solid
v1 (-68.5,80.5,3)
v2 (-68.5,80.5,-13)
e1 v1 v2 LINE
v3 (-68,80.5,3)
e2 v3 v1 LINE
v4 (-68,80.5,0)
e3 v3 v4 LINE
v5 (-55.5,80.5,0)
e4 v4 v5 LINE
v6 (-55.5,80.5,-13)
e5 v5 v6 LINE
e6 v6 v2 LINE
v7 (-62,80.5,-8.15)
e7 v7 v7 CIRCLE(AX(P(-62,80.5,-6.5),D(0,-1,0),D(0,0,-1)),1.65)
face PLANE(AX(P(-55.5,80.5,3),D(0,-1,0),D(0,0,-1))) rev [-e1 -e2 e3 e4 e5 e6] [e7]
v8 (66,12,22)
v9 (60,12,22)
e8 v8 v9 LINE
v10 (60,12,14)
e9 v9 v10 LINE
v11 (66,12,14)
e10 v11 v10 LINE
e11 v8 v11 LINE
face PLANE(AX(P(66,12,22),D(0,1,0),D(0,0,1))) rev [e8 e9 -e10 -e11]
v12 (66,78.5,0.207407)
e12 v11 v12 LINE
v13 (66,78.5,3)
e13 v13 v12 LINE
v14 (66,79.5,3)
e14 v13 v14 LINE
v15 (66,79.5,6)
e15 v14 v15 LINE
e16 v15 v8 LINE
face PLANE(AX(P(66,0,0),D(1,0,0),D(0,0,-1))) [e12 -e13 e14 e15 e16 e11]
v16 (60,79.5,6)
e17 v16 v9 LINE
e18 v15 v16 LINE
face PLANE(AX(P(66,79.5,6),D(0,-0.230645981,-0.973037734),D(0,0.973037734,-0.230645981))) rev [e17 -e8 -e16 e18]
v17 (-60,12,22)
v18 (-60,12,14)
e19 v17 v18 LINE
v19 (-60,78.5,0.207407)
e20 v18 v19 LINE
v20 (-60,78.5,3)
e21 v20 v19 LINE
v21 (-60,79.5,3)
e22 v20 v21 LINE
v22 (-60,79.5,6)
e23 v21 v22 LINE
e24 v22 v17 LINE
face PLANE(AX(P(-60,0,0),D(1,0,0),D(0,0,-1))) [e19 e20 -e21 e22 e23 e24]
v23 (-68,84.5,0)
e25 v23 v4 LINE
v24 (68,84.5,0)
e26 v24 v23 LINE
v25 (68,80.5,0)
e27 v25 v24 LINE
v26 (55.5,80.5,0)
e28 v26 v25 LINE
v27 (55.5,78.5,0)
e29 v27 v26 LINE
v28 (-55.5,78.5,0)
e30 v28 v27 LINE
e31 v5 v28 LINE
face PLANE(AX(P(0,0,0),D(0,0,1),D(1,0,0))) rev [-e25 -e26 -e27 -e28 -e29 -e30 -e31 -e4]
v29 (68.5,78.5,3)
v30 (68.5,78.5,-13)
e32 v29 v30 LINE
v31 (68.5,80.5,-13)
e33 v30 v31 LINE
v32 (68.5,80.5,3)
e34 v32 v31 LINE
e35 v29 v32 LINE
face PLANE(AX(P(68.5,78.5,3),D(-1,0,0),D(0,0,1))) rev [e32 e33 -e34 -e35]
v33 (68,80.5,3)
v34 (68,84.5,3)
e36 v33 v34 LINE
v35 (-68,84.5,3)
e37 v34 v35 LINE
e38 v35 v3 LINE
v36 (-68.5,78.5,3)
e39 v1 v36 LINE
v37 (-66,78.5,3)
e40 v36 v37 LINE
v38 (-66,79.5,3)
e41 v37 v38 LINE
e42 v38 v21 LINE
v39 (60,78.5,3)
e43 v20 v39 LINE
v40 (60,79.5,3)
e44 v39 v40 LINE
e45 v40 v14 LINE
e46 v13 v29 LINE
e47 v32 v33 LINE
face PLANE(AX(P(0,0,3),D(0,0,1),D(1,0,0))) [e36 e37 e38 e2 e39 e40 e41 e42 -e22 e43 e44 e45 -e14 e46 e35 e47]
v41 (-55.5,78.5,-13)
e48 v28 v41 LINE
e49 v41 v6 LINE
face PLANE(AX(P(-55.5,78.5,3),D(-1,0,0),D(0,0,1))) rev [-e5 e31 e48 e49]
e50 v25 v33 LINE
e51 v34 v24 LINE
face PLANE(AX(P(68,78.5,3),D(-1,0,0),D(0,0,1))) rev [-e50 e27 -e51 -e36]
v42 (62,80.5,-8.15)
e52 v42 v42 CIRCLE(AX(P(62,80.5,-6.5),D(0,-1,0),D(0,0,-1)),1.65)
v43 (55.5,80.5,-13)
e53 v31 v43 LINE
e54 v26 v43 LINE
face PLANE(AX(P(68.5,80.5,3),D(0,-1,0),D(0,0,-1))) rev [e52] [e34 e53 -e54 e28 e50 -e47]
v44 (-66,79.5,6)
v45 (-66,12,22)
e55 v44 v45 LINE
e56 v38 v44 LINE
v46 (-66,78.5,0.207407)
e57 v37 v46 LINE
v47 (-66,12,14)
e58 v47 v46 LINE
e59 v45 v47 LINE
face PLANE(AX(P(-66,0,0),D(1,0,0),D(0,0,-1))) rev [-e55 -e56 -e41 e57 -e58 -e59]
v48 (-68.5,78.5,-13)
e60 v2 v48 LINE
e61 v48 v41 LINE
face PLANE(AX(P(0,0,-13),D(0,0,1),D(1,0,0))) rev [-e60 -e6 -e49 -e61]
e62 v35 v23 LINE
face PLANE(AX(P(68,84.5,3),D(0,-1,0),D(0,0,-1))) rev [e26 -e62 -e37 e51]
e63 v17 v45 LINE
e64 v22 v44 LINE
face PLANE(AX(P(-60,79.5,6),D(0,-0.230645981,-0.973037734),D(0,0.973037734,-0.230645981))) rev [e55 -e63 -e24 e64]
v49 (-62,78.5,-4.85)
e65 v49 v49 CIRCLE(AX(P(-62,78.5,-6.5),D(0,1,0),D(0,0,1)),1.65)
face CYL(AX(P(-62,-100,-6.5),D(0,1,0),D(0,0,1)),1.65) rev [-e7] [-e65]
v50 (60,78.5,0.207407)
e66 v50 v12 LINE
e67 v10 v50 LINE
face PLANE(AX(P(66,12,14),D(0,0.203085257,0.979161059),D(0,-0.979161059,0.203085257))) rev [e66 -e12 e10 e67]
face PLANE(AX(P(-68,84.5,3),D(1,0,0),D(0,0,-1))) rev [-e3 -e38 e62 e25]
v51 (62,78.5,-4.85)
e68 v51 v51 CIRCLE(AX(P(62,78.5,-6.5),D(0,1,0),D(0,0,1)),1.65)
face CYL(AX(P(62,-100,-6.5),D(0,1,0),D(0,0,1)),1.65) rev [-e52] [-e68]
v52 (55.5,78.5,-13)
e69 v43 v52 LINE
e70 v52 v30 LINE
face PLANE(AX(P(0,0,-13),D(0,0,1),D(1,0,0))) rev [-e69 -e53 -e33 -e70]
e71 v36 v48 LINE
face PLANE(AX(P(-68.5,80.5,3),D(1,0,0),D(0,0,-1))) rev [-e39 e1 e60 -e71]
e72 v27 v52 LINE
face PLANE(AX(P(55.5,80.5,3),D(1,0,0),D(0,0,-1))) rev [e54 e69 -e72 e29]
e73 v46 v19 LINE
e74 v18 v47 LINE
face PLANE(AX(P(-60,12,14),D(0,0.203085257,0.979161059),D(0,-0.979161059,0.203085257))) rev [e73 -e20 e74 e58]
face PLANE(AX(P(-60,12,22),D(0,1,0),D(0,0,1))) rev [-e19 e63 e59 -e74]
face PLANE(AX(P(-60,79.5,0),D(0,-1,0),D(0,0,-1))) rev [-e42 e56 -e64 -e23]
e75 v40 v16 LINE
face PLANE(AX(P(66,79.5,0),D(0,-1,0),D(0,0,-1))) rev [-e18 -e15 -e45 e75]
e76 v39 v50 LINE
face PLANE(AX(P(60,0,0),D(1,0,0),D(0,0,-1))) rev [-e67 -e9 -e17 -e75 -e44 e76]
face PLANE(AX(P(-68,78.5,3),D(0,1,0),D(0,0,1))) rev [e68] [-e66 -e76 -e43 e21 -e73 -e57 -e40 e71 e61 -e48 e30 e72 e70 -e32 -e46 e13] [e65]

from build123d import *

# Parameters (mm, degrees)
SKETCH_1_W                    = 136
SKETCH_1_H                    = 6
F_3MM_DEPTH                   = 3
EXTRUDE_START                 = -13
SKETCH_2_W                    = 13
SKETCH_2_H                    = 2
EXTRUDE_1_DEPTH               = 16
CUT_EXTRUDE_M3_1_DEPTH        = 100
CUT_EXTRUDE_M3_1_DEPTH_BACK   = 100
SKETCH_3_R                    = 1.65
SKETCH_4_W                    = 13
SKETCH_4_H                    = 2
EXTRUDE_1_2_DEPTH             = 16
CUT_EXTRUDE_M3_1_2_DEPTH      = 100
CUT_EXTRUDE_M3_1_2_DEPTH_BACK = 100
SKETCH_5_R                    = 1.65
F_6MM_1_START                 = -66
F_6MM_1_DEPTH                 = 6
F_6MM_1_START_2               = 60
F_6MM_1_2_DEPTH               = 6


with BuildPart() as part:
    # Sketch 1 → 3mm (new body)
    with BuildSketch(Plane.XY):
        with Locations((0, 81.5)):
            Rectangle(SKETCH_1_W, SKETCH_1_H)
    extrude(amount=F_3MM_DEPTH)

    # Sketch 2 → Extrude 1 (add)
    with BuildSketch(Plane.XY.offset(EXTRUDE_START)):
        with Locations((-62, 79.5)):
            Rectangle(SKETCH_2_W, SKETCH_2_H)
    extrude(amount=EXTRUDE_1_DEPTH)

    # Sketch 3 → Cut-Extrude M3_-1 (cut, two sides: drawn at the far end of the back side and taken through both)
    with BuildSketch(Plane(origin=(0, 0, 0), x_dir=(1, 0, 0), z_dir=(0, 1, 0)).offset(-CUT_EXTRUDE_M3_1_DEPTH_BACK)):
        with Locations(Location((-62, 6.5, 0), (0, 0, 270))):
            Circle(SKETCH_3_R)
    extrude(amount=CUT_EXTRUDE_M3_1_DEPTH + CUT_EXTRUDE_M3_1_DEPTH_BACK, mode=Mode.SUBTRACT)

    # Sketch 4 → Extrude 1 2 (add)
    with BuildSketch(Plane.XY.offset(EXTRUDE_START)):
        with Locations((62, 79.5)):
            Rectangle(SKETCH_4_W, SKETCH_4_H)
    extrude(amount=EXTRUDE_1_2_DEPTH)

    # Sketch 5 → Cut-Extrude M3_1 2 (cut, two sides: drawn at the far end of the back side and taken through both)
    with BuildSketch(Plane(origin=(0, 0, 0), x_dir=(1, 0, 0), z_dir=(0, 1, 0)).offset(-CUT_EXTRUDE_M3_1_2_DEPTH_BACK)):
        with Locations(Location((62, 6.5, 0), (0, 0, 270))):
            Circle(SKETCH_5_R)
    extrude(amount=CUT_EXTRUDE_M3_1_2_DEPTH + CUT_EXTRUDE_M3_1_2_DEPTH_BACK, mode=Mode.SUBTRACT)

    # Sketch 6 → 6mm_-1 (add)
    with BuildSketch(Plane(origin=(0, 0, 0), x_dir=(0, 0, -1), z_dir=(1, 0, 0)).offset(F_6MM_1_START)):
        Polygon((0, 79.5), (-6, 79.5), (-22, 12), (-14, 12), align=None)
    extrude(amount=F_6MM_1_DEPTH)

    # Sketch 7 → 6mm_1 2 (add)
    with BuildSketch(Plane(origin=(0, 0, 0), x_dir=(0, 0, -1), z_dir=(1, 0, 0)).offset(F_6MM_1_START_2)):
        Polygon((0, 79.5), (-6, 79.5), (-22, 12), (-14, 12), align=None)
    extrude(amount=F_6MM_1_2_DEPTH)


solid = part.part
